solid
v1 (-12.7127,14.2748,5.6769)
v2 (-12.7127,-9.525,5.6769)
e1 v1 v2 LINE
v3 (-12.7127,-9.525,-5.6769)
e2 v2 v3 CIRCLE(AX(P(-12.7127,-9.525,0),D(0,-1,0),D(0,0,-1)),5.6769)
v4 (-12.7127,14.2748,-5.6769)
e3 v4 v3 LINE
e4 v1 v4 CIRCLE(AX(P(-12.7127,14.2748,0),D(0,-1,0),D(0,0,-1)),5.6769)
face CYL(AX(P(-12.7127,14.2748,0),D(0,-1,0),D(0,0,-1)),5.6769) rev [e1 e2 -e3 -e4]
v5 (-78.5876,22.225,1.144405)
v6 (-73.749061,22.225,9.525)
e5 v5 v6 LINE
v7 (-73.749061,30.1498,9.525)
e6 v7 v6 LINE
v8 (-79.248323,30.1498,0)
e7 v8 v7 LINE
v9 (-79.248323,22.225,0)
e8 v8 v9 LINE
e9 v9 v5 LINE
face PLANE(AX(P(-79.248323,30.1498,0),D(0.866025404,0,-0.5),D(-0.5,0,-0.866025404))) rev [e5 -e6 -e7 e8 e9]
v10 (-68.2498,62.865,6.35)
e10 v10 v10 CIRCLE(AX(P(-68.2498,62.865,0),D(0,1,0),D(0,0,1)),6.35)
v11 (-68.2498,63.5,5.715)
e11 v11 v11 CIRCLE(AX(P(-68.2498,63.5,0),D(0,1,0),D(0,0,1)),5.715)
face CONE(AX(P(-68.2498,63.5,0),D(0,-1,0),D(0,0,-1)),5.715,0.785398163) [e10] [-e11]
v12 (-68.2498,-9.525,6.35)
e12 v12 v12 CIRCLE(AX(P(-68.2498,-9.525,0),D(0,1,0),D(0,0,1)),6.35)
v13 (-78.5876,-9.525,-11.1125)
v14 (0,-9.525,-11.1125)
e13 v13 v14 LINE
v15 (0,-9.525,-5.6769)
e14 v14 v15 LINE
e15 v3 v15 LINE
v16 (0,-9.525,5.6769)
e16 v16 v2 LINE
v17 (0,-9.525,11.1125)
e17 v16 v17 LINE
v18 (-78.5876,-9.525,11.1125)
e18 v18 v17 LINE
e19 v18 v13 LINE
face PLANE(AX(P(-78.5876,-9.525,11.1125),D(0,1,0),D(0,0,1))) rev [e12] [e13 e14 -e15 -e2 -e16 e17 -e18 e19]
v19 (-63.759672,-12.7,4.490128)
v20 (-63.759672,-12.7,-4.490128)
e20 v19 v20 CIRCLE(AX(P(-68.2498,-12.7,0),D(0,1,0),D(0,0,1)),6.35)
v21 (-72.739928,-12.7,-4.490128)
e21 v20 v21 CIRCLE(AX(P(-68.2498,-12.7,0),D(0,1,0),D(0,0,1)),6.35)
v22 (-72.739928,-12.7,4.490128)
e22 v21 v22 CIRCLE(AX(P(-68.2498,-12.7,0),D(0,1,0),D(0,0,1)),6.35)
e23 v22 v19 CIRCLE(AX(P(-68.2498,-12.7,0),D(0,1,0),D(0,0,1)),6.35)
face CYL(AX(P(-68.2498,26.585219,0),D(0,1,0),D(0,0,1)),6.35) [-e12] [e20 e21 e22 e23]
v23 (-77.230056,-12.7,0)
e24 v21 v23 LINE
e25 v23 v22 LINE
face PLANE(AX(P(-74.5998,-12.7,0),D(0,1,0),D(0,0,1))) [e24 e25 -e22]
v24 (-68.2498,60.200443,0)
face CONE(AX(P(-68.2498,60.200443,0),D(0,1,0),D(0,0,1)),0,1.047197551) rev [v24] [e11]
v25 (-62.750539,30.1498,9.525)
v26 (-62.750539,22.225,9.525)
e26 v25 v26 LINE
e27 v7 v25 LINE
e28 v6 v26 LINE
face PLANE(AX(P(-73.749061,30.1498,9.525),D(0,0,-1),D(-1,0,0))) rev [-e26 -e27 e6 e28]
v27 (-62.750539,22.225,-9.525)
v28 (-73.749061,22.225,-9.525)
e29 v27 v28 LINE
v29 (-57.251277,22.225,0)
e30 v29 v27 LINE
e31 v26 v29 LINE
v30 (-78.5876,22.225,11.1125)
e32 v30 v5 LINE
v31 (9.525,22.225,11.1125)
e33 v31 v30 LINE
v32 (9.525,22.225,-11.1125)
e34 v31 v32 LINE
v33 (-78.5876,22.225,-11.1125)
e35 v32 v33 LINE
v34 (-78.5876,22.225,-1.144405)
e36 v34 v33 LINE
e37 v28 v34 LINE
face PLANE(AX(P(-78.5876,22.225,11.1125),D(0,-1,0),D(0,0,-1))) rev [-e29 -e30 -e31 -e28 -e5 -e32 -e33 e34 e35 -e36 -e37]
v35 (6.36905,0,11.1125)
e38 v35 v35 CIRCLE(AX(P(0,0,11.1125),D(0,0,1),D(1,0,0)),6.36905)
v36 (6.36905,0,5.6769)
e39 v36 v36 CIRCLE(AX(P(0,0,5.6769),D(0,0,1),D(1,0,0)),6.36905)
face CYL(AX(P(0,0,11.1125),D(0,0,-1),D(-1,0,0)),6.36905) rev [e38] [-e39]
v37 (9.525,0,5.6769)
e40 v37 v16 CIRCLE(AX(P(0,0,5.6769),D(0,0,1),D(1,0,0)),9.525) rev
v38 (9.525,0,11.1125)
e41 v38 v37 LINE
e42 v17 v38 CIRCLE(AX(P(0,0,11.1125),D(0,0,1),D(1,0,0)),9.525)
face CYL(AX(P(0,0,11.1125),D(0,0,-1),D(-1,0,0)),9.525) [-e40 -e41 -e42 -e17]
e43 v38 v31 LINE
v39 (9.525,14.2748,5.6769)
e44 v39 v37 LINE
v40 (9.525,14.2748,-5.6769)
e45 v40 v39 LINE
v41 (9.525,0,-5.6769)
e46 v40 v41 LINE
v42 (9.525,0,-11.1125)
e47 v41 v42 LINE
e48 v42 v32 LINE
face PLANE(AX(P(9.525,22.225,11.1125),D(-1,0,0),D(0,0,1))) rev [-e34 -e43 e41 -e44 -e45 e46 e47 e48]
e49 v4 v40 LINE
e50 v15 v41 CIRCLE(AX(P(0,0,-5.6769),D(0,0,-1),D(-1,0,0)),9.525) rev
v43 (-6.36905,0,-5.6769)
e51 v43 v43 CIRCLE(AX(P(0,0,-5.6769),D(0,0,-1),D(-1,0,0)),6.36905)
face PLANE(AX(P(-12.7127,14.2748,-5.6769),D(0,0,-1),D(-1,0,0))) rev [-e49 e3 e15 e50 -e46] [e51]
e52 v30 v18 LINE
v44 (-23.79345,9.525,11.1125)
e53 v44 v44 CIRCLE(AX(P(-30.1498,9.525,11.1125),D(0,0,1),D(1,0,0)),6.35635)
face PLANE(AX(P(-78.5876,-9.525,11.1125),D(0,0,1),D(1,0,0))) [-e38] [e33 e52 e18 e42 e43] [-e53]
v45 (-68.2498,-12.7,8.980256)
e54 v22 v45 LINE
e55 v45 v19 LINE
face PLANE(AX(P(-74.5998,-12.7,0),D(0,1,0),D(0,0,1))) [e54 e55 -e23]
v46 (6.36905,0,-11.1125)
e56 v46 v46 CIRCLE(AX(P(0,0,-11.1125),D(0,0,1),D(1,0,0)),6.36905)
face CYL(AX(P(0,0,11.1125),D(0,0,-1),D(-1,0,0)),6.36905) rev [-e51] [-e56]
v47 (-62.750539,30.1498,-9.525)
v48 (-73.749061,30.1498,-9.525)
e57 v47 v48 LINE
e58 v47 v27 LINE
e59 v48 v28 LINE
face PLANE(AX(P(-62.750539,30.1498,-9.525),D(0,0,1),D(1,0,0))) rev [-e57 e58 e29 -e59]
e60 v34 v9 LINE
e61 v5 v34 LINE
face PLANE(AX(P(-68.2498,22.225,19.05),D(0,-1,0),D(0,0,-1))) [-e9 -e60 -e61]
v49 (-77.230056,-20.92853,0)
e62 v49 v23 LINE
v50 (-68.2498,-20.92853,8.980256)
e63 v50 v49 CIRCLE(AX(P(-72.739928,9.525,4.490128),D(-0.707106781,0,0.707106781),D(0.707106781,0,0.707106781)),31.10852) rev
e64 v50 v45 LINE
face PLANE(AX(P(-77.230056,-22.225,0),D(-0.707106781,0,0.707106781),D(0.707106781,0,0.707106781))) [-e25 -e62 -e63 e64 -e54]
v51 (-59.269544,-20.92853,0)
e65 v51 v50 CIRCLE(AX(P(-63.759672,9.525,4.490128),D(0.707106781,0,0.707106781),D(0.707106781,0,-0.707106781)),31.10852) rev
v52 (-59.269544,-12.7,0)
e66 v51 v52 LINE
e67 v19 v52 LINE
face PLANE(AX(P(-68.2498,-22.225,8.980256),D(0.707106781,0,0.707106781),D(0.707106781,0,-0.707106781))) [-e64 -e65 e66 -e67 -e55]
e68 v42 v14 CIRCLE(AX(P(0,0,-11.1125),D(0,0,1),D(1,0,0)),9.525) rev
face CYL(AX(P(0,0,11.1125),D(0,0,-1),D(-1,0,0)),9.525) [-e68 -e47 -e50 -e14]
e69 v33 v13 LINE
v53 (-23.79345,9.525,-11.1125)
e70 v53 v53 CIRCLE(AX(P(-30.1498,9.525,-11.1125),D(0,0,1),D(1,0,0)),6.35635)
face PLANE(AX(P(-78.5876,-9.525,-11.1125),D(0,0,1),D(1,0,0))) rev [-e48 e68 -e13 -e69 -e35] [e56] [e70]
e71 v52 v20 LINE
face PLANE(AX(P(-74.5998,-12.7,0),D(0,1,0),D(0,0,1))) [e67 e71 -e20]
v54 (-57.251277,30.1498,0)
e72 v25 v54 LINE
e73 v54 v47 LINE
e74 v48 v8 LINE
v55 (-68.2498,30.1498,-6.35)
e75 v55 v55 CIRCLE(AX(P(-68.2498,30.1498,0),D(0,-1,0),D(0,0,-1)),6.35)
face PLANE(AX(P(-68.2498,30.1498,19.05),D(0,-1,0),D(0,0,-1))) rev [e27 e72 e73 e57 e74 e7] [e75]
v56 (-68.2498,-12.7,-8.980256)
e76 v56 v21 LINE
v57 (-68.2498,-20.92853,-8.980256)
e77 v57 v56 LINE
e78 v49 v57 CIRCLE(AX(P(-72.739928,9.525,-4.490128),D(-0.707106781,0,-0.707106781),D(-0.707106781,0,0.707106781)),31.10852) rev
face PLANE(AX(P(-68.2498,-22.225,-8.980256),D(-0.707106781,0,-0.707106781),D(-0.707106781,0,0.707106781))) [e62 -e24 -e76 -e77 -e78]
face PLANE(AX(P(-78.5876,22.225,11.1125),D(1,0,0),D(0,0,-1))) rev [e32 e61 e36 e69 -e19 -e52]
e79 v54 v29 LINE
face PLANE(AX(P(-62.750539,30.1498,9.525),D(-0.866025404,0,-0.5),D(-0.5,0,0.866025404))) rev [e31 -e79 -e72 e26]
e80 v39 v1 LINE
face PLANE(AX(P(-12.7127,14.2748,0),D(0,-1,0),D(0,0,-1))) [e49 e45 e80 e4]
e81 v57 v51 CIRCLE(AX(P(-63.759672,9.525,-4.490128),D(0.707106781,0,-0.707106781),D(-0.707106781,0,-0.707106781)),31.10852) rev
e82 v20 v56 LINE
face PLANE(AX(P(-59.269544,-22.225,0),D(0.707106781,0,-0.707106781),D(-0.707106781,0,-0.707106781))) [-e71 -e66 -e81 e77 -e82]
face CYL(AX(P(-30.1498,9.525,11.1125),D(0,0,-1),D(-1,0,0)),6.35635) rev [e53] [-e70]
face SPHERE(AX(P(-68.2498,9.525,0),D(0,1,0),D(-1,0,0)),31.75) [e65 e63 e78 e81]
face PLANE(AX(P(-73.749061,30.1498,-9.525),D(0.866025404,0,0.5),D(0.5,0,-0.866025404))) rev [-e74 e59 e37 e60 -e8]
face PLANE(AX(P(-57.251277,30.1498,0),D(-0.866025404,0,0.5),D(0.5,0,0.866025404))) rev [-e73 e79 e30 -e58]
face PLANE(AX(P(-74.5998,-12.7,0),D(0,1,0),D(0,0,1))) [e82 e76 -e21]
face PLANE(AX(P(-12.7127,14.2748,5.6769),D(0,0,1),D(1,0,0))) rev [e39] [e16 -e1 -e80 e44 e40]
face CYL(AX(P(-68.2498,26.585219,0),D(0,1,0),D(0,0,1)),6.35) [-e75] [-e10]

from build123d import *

# Parameters (mm, degrees)
SKETCH11_W         = 88.1126
SKETCH11_H         = 31.75
SKETCH11_R         = 6.36905
SKETCH11_R_2       = 6.35635
EXTRUDE3_DEPTH     = 11.1125
CUT_EXTRUDE1_DEPTH = 23.7998
FILLET1_R          = 9.525
EXTRUDE4_DEPTH     = 7.9248
SKETCH15_R         = 21.901149079
CUT_EXTRUDE2_DEPTH = 10.525


with BuildPart() as part:
    # Sketch11 → Extrude3 (new body, symmetric)
    with BuildSketch(Plane.XY):
        with Locations((-34.5313, 6.35)):
            Rectangle(SKETCH11_W, SKETCH11_H)
        Circle(SKETCH11_R, mode=Mode.SUBTRACT)
        with Locations((-30.1498, 9.525)):
            Circle(SKETCH11_R_2, mode=Mode.SUBTRACT)
    extrude(amount=EXTRUDE3_DEPTH, both=True)

    # Sketch12 → Cut-Extrude1 (cut)
    with BuildSketch(Plane.XZ.offset(9.525)):
        with BuildLine():
            Line((-12.7127, 5.6769), (9.525, 5.6769))
            Line((9.525, 5.6769), (9.525, -5.6769))
            Line((9.525, -5.6769), (-12.7127, -5.6769))
            ThreePointArc((-12.7127, -5.6769), (-18.3896, 0), (-12.7127, 5.6769))
        make_face()
    extrude(amount=-CUT_EXTRUDE1_DEPTH, mode=Mode.SUBTRACT)

    # Fillet1
    fillet1_edges = [part.edges().sort_by_distance(p)[0] for p in [
        (9.525, -9.525, -8.3947),
        (9.525, -9.525, 8.3947),
    ]]
    fillet(fillet1_edges, radius=FILLET1_R)

    # Sketch13 → Extrude4 (add)
    with BuildSketch(Plane(origin=(0, 22.225, 0), x_dir=(1, 0, 0), z_dir=(0, 1, 0))):
        Polygon((-57.251277372, 0), (-62.750538686, 9.525), (-73.749061314, 9.525), (-79.248322628, 0), (-73.749061314, -9.525), (-62.750538686, -9.525), align=None)
    extrude(amount=EXTRUDE4_DEPTH)

    # Sketch14 → Revolve2 (revolve)
    with BuildSketch(Plane.XY, mode=Mode.PRIVATE) as revolve2_sk:
        with BuildLine():
            Line((-68.2498, 60.200443212), (-73.9648, 63.5))
            Line((-73.9648, 63.5), (-74.5998, 62.865))
            Line((-74.5998, 62.865), (-74.5998, -12.7))
            Line((-74.5998, -12.7), (-90.150949079, -12.7))
            Line((-90.150949079, -12.7), (-90.150949079, -13.462))
            ThreePointArc((-90.150949079, -13.462), (-80.044401519, -19.952955747), (-68.2498, -22.225))
            Line((-68.2498, -22.225), (-68.2498, 60.200443212))
        make_face()
    revolve(revolve2_sk.sketch.rotate(Axis((-68.2498, 26.585218564, 0), (0, -1, 0)), 270), axis=Axis((-68.2498, 26.585218564, 0), (0, -1, 0)))  # turned: the seam where the file's is

    # Sketch15 → Cut-Extrude2 (cut, through all)
    with BuildSketch(Plane(origin=(0, -12.7, 0), x_dir=(1, 0, 0), z_dir=(0, 1, 0))):
        with Locations((-68.2498, 0)):
            Circle(SKETCH15_R)
        Polygon((-68.2498, 8.980256121), (-77.230056121, 0), (-68.2498, -8.980256121), (-59.269543879, 0), align=None, mode=Mode.SUBTRACT)
    extrude(amount=-CUT_EXTRUDE2_DEPTH, mode=Mode.SUBTRACT)


solid = part.part
